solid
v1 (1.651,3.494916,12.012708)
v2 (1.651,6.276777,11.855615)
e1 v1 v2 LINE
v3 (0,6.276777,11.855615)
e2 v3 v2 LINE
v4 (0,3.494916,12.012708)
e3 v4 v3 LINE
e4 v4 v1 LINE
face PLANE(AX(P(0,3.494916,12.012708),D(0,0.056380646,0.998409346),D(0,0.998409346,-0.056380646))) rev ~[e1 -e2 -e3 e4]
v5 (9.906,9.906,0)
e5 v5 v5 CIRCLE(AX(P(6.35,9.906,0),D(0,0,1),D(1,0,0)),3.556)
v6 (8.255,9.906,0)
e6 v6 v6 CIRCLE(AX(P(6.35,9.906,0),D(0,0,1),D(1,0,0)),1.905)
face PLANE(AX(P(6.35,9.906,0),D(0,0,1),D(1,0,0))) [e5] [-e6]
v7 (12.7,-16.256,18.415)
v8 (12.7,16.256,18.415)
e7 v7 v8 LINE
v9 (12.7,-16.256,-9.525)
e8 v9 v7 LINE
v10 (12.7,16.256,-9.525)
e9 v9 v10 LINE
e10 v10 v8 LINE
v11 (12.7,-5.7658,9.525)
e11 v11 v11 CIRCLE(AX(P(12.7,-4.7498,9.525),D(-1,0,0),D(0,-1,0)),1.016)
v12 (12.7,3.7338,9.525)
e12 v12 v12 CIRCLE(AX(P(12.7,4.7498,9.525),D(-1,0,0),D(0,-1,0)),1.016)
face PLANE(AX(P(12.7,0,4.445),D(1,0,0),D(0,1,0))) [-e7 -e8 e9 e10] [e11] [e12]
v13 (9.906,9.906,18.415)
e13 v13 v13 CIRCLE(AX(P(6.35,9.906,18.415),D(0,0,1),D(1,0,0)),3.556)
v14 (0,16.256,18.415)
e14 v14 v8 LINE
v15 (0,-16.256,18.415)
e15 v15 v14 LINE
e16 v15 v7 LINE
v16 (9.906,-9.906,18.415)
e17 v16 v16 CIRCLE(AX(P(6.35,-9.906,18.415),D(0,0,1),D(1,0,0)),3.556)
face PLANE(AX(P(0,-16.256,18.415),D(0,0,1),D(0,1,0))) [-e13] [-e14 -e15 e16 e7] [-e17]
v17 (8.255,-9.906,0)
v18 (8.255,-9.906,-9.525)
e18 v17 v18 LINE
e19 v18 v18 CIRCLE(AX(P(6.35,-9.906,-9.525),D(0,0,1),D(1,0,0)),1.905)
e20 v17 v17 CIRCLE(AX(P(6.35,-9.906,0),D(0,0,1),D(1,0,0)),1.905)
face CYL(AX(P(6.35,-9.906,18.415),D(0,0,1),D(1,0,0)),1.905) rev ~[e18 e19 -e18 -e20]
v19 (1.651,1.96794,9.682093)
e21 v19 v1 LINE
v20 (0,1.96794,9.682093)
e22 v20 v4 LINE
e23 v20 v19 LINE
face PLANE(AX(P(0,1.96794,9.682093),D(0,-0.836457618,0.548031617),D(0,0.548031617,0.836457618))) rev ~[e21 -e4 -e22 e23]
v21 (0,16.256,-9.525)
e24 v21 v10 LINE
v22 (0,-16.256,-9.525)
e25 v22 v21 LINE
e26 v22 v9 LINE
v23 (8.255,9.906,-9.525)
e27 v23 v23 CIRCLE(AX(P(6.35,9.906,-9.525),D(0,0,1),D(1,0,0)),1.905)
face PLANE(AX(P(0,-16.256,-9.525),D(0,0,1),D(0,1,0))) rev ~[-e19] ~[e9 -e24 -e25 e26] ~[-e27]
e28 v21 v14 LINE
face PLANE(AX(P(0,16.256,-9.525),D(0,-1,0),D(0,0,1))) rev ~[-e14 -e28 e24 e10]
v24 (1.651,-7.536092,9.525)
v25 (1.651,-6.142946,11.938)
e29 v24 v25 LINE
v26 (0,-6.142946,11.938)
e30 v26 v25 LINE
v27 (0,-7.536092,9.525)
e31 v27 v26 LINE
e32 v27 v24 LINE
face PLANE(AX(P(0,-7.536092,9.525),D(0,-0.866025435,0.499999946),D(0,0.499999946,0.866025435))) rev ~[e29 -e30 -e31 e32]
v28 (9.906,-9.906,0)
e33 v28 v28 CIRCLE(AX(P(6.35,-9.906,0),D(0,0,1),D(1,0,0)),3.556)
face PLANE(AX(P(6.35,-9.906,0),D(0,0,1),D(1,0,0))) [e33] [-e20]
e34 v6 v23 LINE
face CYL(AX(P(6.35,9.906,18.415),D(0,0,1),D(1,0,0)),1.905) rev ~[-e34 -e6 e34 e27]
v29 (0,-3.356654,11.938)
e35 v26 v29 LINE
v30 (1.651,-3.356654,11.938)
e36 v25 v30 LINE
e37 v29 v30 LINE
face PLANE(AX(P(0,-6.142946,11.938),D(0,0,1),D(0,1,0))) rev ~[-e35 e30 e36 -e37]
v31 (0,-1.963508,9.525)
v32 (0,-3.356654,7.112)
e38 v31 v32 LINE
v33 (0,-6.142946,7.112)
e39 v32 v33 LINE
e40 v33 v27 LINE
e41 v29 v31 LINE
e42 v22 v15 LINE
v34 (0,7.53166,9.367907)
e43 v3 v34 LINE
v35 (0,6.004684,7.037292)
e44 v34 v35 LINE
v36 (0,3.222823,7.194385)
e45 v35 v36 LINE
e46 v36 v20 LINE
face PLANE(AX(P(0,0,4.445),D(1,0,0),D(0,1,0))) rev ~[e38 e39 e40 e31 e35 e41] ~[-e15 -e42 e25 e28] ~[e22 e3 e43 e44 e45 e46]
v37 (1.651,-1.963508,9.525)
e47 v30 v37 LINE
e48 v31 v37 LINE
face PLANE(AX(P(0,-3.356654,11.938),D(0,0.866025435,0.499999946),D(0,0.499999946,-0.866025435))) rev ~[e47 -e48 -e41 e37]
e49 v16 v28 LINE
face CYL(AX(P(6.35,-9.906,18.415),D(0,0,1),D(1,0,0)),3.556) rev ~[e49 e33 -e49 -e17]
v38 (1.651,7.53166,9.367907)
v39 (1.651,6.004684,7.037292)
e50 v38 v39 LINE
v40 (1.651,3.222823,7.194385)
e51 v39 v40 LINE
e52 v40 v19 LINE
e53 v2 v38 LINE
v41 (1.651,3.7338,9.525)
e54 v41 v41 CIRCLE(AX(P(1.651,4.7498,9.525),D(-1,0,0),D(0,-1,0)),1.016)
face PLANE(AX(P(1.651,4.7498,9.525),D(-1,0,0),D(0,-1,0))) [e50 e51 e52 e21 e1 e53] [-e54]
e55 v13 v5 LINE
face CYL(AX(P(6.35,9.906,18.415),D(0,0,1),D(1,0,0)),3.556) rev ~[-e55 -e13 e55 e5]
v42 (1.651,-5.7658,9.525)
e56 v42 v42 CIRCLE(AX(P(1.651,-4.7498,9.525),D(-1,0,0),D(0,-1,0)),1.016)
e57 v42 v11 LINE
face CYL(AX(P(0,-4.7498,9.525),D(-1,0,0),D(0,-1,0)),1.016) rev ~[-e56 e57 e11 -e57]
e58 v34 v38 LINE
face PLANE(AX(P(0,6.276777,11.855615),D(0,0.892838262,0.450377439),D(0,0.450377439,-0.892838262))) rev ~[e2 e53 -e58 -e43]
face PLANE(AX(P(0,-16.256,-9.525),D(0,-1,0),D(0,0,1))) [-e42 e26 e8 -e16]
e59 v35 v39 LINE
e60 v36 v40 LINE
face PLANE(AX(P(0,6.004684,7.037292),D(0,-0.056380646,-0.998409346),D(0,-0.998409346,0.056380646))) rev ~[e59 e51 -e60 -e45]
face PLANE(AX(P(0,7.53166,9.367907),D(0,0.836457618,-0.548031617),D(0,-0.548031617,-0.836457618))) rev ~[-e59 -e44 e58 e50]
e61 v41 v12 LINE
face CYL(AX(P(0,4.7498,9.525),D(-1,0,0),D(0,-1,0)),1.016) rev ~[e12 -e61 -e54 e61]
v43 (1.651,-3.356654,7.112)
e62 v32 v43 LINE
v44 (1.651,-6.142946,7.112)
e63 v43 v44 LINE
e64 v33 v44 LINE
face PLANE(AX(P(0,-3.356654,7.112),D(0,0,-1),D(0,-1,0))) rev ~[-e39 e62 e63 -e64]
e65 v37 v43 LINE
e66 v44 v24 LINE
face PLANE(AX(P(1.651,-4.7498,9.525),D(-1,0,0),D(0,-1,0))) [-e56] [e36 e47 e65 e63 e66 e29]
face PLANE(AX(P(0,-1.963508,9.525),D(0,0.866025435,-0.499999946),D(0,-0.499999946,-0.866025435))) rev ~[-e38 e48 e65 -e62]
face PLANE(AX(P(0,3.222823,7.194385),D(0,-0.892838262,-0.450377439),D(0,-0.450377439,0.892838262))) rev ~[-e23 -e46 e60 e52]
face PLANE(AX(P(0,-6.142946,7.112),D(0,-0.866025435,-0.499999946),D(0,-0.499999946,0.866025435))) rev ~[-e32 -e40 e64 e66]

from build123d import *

# Parameters (mm, degrees)
F0_W     = 32.512
F0_H     = 27.94
F1_DEPTH = 12.7
F2_R     = 1.016
F3_DEPTH = 12.701
F5_DEPTH = 1.651
F6_R     = 1.905
F7_DEPTH = 27.941
F8_R     = 3.556
F9_DEPTH = 18.415


with BuildPart() as f1:
    # F0 (on Right) → F1 (new body)
    with BuildSketch(Plane.YZ):
        with Locations((0, 4.445)):
            Rectangle(F0_W, F0_H)
    extrude(amount=F1_DEPTH)

    # F2 (on face) → F3 (cut, through all)
    with BuildSketch(Plane(origin=(0, 0, 0), x_dir=(0, -1, 0), z_dir=(-1, 0, 0))):
        with Locations((4.7498, 9.525)):
            Circle(F2_R)
        with Locations((-4.7498, 9.525)):
            Circle(F2_R)
    extrude(amount=-F3_DEPTH, mode=Mode.SUBTRACT)

    # F4 (on face) → F5 (cut)
    with BuildSketch(Plane(origin=(0, 0, 0), x_dir=(0, -1, 0), z_dir=(-1, 0, 0))):
        Polygon((-1.96794, 9.682093), (-3.494916, 12.012708), (-6.276777, 11.855615), (-7.53166, 9.367907), (-6.004684, 7.037292), (-3.222823, 7.194385), align=None)
        Polygon((6.142946, 11.938), (3.356654, 11.938), (1.963508, 9.525), (3.356654, 7.112), (6.142946, 7.112), (7.536092, 9.525), align=None)
    extrude(amount=-F5_DEPTH, mode=Mode.SUBTRACT)

    # F6 (on face) → F7 (cut, through all)
    with BuildSketch(Plane.XY.offset(18.415)):
        with Locations((6.35, -9.906)):
            Circle(F6_R)
        with Locations((6.35, 9.906)):
            Circle(F6_R)
    extrude(amount=-F7_DEPTH, mode=Mode.SUBTRACT)

    # F8 (on face) → F9 (cut)
    with BuildSketch(Plane.XY.offset(18.415)):
        with Locations((6.35, 9.906)):
            Circle(F8_R)
        with Locations((6.35, -9.906)):
            Circle(F8_R)
    extrude(amount=-F9_DEPTH, mode=Mode.SUBTRACT)


solid = f1.part
